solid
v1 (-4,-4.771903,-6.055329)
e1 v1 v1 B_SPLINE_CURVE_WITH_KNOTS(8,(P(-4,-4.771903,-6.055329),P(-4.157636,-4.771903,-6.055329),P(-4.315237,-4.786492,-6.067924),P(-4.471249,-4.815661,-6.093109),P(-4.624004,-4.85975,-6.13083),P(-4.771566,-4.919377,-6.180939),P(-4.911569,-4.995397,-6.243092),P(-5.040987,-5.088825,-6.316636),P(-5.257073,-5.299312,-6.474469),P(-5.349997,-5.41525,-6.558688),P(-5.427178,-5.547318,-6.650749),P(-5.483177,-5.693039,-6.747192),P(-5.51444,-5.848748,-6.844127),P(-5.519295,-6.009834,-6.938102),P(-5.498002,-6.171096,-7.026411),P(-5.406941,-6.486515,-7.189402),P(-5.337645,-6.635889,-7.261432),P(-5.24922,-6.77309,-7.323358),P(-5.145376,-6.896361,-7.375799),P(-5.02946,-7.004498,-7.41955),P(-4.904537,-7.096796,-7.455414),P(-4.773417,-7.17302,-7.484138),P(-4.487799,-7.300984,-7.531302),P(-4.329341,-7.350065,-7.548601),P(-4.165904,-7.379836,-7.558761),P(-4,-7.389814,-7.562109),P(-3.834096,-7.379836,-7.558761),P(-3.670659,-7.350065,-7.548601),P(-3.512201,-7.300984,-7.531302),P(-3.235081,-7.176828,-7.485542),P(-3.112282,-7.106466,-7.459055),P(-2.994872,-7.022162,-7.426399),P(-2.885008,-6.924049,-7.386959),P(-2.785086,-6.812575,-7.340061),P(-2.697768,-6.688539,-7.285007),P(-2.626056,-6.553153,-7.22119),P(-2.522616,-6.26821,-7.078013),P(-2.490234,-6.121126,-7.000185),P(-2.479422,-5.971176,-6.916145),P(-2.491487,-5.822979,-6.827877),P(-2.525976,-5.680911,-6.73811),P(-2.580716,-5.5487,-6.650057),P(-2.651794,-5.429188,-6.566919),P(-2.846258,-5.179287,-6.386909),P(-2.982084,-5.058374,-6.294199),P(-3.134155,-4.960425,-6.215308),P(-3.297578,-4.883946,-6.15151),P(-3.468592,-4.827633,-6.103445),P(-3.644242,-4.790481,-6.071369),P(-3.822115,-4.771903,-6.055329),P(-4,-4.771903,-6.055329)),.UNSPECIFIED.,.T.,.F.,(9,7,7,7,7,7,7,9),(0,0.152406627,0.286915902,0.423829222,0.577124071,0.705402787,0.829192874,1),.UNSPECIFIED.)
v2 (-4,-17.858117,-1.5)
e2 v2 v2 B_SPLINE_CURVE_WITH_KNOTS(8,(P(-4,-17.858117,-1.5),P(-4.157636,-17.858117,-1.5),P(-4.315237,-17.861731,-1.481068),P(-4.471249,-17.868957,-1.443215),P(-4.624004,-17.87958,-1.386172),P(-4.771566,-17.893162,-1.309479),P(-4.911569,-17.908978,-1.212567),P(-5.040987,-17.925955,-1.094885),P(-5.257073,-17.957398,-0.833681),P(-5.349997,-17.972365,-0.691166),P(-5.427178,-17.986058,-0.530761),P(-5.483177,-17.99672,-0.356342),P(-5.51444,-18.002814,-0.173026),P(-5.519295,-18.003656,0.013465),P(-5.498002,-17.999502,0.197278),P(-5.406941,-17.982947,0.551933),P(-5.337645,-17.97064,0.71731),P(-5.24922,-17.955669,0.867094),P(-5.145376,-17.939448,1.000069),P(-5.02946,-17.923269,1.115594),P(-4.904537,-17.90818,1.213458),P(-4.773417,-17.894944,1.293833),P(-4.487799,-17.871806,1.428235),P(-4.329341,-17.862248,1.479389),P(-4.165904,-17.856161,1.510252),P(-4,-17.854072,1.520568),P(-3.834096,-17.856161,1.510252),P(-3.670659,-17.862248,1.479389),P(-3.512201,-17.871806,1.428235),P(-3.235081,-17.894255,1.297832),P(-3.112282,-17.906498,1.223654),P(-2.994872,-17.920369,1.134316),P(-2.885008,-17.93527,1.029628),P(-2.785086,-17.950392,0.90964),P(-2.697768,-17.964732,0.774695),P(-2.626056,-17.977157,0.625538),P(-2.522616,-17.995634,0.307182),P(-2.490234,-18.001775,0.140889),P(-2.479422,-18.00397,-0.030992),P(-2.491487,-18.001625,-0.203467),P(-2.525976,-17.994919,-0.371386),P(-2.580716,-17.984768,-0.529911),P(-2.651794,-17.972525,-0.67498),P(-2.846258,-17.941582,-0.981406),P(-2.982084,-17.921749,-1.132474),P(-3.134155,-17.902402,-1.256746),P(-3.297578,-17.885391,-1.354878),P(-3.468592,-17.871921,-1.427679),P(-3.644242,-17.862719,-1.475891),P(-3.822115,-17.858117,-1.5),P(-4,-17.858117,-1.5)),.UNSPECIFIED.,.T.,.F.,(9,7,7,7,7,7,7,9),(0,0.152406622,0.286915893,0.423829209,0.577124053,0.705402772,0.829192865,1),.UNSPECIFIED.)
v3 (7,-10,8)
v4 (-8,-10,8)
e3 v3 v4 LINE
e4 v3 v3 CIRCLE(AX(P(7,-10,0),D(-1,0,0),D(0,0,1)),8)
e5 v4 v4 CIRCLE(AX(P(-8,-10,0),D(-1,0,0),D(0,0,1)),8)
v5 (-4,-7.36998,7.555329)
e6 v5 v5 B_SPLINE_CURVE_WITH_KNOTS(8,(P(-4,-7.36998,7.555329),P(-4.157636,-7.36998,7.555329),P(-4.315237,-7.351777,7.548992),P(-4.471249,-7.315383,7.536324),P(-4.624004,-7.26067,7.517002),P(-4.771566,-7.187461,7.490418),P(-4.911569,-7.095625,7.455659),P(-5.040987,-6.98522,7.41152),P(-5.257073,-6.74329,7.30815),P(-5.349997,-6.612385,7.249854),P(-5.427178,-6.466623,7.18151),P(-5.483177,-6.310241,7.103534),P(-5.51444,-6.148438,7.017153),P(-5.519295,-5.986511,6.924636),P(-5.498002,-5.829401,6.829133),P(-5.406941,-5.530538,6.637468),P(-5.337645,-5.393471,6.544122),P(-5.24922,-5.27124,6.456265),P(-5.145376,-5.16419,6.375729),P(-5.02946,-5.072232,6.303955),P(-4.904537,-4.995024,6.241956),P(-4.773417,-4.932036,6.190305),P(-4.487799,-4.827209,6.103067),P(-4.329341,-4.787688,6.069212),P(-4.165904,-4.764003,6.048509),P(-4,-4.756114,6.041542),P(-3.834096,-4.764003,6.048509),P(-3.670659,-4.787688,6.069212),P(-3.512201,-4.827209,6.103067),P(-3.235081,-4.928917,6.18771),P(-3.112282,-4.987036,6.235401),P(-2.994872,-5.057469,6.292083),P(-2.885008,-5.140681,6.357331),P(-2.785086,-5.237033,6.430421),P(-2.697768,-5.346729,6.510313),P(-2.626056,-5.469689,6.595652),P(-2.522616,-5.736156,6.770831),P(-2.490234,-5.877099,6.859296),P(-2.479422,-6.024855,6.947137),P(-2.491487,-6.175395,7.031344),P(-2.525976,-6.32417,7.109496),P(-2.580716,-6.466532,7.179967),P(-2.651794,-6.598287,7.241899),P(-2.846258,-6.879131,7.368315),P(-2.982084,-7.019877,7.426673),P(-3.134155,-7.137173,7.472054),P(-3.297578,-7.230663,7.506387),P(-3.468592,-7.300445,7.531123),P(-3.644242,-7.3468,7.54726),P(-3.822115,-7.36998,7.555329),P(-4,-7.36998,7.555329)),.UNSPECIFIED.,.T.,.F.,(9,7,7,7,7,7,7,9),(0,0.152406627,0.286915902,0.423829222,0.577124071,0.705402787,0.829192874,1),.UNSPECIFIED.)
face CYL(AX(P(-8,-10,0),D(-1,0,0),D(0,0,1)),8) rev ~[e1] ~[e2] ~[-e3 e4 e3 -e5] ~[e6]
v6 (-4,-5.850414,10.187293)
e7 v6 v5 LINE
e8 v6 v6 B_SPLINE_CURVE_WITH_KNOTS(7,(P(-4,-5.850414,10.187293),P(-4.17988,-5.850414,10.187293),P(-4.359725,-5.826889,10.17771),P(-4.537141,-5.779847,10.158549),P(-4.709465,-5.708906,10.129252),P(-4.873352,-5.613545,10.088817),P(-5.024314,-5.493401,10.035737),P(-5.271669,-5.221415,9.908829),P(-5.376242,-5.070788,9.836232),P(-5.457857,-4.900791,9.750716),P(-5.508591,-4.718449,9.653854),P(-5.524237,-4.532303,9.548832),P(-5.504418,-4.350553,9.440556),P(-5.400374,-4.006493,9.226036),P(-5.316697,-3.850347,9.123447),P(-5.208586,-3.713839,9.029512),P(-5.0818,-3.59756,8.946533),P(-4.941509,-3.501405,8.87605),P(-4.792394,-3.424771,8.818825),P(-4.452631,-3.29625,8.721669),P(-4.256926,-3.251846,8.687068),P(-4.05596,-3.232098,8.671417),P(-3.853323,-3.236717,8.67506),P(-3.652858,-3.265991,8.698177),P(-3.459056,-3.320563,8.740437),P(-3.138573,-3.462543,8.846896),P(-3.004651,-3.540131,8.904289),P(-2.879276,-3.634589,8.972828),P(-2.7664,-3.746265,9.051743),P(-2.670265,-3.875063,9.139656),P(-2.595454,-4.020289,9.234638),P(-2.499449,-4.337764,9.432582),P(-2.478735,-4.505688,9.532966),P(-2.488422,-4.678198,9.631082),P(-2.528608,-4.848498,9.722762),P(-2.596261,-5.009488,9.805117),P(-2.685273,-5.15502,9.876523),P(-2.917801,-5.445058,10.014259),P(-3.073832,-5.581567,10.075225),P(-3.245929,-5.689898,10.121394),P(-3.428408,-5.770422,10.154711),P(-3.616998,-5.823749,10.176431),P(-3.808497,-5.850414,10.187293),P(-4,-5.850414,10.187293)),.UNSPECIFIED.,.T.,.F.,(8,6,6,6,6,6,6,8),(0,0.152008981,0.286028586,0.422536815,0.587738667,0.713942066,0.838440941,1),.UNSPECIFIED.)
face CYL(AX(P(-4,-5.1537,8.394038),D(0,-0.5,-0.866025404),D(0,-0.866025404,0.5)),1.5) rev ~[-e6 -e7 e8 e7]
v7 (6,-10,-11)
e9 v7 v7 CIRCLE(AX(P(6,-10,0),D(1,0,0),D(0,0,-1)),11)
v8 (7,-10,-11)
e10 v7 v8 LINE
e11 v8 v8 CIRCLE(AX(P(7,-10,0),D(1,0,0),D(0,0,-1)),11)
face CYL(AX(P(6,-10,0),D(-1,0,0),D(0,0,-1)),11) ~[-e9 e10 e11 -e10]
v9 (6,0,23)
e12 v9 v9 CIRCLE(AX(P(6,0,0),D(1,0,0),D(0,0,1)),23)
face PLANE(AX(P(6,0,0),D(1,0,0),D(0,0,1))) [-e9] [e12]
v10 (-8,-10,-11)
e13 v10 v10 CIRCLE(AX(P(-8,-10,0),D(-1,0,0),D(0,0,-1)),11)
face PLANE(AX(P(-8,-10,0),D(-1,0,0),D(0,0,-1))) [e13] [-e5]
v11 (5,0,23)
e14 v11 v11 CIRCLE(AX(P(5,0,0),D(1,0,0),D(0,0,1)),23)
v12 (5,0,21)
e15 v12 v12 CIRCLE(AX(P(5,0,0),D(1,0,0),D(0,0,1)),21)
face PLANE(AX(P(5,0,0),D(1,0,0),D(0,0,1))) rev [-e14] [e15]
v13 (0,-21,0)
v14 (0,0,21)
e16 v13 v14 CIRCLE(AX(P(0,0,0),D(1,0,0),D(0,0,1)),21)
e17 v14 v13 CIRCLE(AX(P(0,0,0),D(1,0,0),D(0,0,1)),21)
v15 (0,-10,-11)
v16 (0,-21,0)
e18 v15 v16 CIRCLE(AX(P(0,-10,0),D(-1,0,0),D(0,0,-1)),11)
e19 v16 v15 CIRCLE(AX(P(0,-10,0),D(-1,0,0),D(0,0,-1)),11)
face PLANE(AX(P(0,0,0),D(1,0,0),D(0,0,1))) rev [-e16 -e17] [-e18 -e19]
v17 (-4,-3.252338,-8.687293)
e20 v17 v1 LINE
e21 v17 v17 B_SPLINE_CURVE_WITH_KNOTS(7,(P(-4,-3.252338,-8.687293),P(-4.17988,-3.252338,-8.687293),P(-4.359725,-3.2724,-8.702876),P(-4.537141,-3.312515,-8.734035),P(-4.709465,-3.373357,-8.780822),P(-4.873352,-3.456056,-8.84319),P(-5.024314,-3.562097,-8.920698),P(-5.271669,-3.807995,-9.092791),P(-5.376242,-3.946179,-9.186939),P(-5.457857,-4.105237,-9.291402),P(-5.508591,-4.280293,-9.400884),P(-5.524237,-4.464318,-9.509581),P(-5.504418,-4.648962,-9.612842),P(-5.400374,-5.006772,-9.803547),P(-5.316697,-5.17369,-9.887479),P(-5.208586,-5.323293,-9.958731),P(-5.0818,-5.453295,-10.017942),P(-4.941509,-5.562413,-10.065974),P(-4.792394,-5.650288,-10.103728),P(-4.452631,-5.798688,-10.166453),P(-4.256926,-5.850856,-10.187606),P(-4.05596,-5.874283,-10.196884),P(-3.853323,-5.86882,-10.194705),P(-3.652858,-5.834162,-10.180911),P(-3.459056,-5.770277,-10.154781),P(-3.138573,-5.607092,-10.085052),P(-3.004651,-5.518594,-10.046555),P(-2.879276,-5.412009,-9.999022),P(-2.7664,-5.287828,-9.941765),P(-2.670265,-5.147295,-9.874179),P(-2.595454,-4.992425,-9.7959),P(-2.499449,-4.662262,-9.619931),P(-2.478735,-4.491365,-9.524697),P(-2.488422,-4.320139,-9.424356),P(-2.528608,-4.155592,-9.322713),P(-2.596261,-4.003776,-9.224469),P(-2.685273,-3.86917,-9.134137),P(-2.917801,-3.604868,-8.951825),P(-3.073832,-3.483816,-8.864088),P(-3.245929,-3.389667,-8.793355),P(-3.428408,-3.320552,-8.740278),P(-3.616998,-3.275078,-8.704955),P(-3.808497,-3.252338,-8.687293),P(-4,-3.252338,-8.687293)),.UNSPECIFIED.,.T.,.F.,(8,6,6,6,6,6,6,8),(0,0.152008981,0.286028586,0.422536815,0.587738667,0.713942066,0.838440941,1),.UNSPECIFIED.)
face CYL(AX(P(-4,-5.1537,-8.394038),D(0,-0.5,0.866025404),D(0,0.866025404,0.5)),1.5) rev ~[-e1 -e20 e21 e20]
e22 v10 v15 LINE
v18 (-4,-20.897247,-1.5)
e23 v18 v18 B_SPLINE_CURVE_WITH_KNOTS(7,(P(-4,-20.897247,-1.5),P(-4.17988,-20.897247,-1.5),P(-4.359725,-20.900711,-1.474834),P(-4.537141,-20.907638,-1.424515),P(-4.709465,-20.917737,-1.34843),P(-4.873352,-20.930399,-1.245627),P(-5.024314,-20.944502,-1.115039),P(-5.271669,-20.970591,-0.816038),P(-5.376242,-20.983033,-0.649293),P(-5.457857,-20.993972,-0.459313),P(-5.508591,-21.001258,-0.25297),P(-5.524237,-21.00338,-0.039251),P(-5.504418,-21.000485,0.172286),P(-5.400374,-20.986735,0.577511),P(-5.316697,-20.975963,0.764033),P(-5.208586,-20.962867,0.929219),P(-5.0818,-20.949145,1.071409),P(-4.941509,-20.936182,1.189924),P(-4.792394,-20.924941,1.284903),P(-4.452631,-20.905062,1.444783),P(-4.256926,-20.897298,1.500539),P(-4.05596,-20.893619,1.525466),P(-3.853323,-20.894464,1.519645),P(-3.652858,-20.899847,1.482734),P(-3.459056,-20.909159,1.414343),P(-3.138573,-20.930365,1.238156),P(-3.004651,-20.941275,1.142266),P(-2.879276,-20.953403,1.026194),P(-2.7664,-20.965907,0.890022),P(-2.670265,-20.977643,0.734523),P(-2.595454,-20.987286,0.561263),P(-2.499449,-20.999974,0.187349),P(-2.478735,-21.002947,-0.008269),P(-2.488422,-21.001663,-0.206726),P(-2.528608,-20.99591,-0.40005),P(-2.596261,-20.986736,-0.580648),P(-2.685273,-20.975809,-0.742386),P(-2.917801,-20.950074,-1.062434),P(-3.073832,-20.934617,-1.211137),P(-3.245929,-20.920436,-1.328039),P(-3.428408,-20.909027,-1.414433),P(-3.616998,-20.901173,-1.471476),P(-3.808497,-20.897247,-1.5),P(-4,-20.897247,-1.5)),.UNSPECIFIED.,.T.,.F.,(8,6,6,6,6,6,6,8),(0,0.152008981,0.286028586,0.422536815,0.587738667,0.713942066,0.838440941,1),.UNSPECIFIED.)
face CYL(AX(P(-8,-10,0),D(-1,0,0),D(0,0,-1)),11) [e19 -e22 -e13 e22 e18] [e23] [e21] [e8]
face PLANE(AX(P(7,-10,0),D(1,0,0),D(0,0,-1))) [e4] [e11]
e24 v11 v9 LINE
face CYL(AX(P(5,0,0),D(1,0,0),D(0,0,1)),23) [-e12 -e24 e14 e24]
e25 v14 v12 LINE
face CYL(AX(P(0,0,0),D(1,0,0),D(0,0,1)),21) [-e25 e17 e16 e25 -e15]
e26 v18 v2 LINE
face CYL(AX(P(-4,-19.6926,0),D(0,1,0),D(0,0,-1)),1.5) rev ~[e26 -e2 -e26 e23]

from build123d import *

# Parameters (mm, degrees)
SKETCH2_R           = 11
BOSS_EXTRUDE1_DEPTH = 1
BOSS_EXTRUDE2_START = 8
SKETCH3_R           = 11
SKETCH3_R_2         = 8
BOSS_EXTRUDE2_DEPTH = 8
SKETCH4_R           = 8
CUT_EXTRUDE1_DEPTH  = 34.496268449
SKETCH5_W           = 1.5
SKETCH5_H           = 6.215499562
CIRPATTERN1_COUNT   = 3


with BuildPart() as part:
    # Sketch1 → Revolve1 (revolve)
    with BuildSketch(Plane.XY, mode=Mode.PRIVATE) as revolve1_sk:
        Polygon((0, 0), (0, 21), (5, 21), (5, 23), (6, 23), (6, 0), align=None)
    revolve(revolve1_sk.sketch.rotate(Axis((0, 0, 0), (1, 0, 0)), 90), axis=Axis((0, 0, 0), (1, 0, 0)))

    # Sketch2 → Boss-Extrude1 (add)
    with BuildSketch(Plane(origin=(6, 0, 0), x_dir=(0, 0, -1), z_dir=(1, 0, 0))):
        with Locations((0, -10)):
            Circle(SKETCH2_R)
    extrude(amount=BOSS_EXTRUDE1_DEPTH)

    # Sketch3 → Boss-Extrude2 (add)
    with BuildSketch(Plane.ZY.offset(BOSS_EXTRUDE2_START)):
        with Locations(Location((0, -10, 0), (0, 0, 180))):
            Circle(SKETCH3_R)
        with Locations((0, -10)):
            Circle(SKETCH3_R_2, mode=Mode.SUBTRACT)
    extrude(amount=-BOSS_EXTRUDE2_DEPTH)

    # Sketch4 → Cut-Extrude1 (cut, through all)
    with BuildSketch(Plane.ZY):
        with Locations((0, -10)):
            Circle(SKETCH4_R)
    extrude(amount=-CUT_EXTRUDE1_DEPTH, mode=Mode.SUBTRACT)

    # Sketch5 → Cut-Revolve3 (revolve, cut)
    with BuildSketch(Plane.XY, mode=Mode.PRIVATE) as cut_revolve3_sk:
        with Locations((-4.75, -19.69259974)):
            Rectangle(SKETCH5_W, SKETCH5_H)
    cut_revolve3 = revolve(cut_revolve3_sk.sketch.rotate(Axis((-4, -21, 0), (0, 1, 0)), 270), axis=Axis((-4, -21, 0), (0, 1, 0)), mode=Mode.SUBTRACT)

    # CirPattern1: Cut-Revolve3 ×3 about axis
    cirpattern1_axis = Axis((-8, -10, 0), (1, 0, 0))
    for i in range(1, CIRPATTERN1_COUNT):
        add(cut_revolve3.rotate(cirpattern1_axis, i * 360 / CIRPATTERN1_COUNT), mode=Mode.SUBTRACT)


solid = part.part
